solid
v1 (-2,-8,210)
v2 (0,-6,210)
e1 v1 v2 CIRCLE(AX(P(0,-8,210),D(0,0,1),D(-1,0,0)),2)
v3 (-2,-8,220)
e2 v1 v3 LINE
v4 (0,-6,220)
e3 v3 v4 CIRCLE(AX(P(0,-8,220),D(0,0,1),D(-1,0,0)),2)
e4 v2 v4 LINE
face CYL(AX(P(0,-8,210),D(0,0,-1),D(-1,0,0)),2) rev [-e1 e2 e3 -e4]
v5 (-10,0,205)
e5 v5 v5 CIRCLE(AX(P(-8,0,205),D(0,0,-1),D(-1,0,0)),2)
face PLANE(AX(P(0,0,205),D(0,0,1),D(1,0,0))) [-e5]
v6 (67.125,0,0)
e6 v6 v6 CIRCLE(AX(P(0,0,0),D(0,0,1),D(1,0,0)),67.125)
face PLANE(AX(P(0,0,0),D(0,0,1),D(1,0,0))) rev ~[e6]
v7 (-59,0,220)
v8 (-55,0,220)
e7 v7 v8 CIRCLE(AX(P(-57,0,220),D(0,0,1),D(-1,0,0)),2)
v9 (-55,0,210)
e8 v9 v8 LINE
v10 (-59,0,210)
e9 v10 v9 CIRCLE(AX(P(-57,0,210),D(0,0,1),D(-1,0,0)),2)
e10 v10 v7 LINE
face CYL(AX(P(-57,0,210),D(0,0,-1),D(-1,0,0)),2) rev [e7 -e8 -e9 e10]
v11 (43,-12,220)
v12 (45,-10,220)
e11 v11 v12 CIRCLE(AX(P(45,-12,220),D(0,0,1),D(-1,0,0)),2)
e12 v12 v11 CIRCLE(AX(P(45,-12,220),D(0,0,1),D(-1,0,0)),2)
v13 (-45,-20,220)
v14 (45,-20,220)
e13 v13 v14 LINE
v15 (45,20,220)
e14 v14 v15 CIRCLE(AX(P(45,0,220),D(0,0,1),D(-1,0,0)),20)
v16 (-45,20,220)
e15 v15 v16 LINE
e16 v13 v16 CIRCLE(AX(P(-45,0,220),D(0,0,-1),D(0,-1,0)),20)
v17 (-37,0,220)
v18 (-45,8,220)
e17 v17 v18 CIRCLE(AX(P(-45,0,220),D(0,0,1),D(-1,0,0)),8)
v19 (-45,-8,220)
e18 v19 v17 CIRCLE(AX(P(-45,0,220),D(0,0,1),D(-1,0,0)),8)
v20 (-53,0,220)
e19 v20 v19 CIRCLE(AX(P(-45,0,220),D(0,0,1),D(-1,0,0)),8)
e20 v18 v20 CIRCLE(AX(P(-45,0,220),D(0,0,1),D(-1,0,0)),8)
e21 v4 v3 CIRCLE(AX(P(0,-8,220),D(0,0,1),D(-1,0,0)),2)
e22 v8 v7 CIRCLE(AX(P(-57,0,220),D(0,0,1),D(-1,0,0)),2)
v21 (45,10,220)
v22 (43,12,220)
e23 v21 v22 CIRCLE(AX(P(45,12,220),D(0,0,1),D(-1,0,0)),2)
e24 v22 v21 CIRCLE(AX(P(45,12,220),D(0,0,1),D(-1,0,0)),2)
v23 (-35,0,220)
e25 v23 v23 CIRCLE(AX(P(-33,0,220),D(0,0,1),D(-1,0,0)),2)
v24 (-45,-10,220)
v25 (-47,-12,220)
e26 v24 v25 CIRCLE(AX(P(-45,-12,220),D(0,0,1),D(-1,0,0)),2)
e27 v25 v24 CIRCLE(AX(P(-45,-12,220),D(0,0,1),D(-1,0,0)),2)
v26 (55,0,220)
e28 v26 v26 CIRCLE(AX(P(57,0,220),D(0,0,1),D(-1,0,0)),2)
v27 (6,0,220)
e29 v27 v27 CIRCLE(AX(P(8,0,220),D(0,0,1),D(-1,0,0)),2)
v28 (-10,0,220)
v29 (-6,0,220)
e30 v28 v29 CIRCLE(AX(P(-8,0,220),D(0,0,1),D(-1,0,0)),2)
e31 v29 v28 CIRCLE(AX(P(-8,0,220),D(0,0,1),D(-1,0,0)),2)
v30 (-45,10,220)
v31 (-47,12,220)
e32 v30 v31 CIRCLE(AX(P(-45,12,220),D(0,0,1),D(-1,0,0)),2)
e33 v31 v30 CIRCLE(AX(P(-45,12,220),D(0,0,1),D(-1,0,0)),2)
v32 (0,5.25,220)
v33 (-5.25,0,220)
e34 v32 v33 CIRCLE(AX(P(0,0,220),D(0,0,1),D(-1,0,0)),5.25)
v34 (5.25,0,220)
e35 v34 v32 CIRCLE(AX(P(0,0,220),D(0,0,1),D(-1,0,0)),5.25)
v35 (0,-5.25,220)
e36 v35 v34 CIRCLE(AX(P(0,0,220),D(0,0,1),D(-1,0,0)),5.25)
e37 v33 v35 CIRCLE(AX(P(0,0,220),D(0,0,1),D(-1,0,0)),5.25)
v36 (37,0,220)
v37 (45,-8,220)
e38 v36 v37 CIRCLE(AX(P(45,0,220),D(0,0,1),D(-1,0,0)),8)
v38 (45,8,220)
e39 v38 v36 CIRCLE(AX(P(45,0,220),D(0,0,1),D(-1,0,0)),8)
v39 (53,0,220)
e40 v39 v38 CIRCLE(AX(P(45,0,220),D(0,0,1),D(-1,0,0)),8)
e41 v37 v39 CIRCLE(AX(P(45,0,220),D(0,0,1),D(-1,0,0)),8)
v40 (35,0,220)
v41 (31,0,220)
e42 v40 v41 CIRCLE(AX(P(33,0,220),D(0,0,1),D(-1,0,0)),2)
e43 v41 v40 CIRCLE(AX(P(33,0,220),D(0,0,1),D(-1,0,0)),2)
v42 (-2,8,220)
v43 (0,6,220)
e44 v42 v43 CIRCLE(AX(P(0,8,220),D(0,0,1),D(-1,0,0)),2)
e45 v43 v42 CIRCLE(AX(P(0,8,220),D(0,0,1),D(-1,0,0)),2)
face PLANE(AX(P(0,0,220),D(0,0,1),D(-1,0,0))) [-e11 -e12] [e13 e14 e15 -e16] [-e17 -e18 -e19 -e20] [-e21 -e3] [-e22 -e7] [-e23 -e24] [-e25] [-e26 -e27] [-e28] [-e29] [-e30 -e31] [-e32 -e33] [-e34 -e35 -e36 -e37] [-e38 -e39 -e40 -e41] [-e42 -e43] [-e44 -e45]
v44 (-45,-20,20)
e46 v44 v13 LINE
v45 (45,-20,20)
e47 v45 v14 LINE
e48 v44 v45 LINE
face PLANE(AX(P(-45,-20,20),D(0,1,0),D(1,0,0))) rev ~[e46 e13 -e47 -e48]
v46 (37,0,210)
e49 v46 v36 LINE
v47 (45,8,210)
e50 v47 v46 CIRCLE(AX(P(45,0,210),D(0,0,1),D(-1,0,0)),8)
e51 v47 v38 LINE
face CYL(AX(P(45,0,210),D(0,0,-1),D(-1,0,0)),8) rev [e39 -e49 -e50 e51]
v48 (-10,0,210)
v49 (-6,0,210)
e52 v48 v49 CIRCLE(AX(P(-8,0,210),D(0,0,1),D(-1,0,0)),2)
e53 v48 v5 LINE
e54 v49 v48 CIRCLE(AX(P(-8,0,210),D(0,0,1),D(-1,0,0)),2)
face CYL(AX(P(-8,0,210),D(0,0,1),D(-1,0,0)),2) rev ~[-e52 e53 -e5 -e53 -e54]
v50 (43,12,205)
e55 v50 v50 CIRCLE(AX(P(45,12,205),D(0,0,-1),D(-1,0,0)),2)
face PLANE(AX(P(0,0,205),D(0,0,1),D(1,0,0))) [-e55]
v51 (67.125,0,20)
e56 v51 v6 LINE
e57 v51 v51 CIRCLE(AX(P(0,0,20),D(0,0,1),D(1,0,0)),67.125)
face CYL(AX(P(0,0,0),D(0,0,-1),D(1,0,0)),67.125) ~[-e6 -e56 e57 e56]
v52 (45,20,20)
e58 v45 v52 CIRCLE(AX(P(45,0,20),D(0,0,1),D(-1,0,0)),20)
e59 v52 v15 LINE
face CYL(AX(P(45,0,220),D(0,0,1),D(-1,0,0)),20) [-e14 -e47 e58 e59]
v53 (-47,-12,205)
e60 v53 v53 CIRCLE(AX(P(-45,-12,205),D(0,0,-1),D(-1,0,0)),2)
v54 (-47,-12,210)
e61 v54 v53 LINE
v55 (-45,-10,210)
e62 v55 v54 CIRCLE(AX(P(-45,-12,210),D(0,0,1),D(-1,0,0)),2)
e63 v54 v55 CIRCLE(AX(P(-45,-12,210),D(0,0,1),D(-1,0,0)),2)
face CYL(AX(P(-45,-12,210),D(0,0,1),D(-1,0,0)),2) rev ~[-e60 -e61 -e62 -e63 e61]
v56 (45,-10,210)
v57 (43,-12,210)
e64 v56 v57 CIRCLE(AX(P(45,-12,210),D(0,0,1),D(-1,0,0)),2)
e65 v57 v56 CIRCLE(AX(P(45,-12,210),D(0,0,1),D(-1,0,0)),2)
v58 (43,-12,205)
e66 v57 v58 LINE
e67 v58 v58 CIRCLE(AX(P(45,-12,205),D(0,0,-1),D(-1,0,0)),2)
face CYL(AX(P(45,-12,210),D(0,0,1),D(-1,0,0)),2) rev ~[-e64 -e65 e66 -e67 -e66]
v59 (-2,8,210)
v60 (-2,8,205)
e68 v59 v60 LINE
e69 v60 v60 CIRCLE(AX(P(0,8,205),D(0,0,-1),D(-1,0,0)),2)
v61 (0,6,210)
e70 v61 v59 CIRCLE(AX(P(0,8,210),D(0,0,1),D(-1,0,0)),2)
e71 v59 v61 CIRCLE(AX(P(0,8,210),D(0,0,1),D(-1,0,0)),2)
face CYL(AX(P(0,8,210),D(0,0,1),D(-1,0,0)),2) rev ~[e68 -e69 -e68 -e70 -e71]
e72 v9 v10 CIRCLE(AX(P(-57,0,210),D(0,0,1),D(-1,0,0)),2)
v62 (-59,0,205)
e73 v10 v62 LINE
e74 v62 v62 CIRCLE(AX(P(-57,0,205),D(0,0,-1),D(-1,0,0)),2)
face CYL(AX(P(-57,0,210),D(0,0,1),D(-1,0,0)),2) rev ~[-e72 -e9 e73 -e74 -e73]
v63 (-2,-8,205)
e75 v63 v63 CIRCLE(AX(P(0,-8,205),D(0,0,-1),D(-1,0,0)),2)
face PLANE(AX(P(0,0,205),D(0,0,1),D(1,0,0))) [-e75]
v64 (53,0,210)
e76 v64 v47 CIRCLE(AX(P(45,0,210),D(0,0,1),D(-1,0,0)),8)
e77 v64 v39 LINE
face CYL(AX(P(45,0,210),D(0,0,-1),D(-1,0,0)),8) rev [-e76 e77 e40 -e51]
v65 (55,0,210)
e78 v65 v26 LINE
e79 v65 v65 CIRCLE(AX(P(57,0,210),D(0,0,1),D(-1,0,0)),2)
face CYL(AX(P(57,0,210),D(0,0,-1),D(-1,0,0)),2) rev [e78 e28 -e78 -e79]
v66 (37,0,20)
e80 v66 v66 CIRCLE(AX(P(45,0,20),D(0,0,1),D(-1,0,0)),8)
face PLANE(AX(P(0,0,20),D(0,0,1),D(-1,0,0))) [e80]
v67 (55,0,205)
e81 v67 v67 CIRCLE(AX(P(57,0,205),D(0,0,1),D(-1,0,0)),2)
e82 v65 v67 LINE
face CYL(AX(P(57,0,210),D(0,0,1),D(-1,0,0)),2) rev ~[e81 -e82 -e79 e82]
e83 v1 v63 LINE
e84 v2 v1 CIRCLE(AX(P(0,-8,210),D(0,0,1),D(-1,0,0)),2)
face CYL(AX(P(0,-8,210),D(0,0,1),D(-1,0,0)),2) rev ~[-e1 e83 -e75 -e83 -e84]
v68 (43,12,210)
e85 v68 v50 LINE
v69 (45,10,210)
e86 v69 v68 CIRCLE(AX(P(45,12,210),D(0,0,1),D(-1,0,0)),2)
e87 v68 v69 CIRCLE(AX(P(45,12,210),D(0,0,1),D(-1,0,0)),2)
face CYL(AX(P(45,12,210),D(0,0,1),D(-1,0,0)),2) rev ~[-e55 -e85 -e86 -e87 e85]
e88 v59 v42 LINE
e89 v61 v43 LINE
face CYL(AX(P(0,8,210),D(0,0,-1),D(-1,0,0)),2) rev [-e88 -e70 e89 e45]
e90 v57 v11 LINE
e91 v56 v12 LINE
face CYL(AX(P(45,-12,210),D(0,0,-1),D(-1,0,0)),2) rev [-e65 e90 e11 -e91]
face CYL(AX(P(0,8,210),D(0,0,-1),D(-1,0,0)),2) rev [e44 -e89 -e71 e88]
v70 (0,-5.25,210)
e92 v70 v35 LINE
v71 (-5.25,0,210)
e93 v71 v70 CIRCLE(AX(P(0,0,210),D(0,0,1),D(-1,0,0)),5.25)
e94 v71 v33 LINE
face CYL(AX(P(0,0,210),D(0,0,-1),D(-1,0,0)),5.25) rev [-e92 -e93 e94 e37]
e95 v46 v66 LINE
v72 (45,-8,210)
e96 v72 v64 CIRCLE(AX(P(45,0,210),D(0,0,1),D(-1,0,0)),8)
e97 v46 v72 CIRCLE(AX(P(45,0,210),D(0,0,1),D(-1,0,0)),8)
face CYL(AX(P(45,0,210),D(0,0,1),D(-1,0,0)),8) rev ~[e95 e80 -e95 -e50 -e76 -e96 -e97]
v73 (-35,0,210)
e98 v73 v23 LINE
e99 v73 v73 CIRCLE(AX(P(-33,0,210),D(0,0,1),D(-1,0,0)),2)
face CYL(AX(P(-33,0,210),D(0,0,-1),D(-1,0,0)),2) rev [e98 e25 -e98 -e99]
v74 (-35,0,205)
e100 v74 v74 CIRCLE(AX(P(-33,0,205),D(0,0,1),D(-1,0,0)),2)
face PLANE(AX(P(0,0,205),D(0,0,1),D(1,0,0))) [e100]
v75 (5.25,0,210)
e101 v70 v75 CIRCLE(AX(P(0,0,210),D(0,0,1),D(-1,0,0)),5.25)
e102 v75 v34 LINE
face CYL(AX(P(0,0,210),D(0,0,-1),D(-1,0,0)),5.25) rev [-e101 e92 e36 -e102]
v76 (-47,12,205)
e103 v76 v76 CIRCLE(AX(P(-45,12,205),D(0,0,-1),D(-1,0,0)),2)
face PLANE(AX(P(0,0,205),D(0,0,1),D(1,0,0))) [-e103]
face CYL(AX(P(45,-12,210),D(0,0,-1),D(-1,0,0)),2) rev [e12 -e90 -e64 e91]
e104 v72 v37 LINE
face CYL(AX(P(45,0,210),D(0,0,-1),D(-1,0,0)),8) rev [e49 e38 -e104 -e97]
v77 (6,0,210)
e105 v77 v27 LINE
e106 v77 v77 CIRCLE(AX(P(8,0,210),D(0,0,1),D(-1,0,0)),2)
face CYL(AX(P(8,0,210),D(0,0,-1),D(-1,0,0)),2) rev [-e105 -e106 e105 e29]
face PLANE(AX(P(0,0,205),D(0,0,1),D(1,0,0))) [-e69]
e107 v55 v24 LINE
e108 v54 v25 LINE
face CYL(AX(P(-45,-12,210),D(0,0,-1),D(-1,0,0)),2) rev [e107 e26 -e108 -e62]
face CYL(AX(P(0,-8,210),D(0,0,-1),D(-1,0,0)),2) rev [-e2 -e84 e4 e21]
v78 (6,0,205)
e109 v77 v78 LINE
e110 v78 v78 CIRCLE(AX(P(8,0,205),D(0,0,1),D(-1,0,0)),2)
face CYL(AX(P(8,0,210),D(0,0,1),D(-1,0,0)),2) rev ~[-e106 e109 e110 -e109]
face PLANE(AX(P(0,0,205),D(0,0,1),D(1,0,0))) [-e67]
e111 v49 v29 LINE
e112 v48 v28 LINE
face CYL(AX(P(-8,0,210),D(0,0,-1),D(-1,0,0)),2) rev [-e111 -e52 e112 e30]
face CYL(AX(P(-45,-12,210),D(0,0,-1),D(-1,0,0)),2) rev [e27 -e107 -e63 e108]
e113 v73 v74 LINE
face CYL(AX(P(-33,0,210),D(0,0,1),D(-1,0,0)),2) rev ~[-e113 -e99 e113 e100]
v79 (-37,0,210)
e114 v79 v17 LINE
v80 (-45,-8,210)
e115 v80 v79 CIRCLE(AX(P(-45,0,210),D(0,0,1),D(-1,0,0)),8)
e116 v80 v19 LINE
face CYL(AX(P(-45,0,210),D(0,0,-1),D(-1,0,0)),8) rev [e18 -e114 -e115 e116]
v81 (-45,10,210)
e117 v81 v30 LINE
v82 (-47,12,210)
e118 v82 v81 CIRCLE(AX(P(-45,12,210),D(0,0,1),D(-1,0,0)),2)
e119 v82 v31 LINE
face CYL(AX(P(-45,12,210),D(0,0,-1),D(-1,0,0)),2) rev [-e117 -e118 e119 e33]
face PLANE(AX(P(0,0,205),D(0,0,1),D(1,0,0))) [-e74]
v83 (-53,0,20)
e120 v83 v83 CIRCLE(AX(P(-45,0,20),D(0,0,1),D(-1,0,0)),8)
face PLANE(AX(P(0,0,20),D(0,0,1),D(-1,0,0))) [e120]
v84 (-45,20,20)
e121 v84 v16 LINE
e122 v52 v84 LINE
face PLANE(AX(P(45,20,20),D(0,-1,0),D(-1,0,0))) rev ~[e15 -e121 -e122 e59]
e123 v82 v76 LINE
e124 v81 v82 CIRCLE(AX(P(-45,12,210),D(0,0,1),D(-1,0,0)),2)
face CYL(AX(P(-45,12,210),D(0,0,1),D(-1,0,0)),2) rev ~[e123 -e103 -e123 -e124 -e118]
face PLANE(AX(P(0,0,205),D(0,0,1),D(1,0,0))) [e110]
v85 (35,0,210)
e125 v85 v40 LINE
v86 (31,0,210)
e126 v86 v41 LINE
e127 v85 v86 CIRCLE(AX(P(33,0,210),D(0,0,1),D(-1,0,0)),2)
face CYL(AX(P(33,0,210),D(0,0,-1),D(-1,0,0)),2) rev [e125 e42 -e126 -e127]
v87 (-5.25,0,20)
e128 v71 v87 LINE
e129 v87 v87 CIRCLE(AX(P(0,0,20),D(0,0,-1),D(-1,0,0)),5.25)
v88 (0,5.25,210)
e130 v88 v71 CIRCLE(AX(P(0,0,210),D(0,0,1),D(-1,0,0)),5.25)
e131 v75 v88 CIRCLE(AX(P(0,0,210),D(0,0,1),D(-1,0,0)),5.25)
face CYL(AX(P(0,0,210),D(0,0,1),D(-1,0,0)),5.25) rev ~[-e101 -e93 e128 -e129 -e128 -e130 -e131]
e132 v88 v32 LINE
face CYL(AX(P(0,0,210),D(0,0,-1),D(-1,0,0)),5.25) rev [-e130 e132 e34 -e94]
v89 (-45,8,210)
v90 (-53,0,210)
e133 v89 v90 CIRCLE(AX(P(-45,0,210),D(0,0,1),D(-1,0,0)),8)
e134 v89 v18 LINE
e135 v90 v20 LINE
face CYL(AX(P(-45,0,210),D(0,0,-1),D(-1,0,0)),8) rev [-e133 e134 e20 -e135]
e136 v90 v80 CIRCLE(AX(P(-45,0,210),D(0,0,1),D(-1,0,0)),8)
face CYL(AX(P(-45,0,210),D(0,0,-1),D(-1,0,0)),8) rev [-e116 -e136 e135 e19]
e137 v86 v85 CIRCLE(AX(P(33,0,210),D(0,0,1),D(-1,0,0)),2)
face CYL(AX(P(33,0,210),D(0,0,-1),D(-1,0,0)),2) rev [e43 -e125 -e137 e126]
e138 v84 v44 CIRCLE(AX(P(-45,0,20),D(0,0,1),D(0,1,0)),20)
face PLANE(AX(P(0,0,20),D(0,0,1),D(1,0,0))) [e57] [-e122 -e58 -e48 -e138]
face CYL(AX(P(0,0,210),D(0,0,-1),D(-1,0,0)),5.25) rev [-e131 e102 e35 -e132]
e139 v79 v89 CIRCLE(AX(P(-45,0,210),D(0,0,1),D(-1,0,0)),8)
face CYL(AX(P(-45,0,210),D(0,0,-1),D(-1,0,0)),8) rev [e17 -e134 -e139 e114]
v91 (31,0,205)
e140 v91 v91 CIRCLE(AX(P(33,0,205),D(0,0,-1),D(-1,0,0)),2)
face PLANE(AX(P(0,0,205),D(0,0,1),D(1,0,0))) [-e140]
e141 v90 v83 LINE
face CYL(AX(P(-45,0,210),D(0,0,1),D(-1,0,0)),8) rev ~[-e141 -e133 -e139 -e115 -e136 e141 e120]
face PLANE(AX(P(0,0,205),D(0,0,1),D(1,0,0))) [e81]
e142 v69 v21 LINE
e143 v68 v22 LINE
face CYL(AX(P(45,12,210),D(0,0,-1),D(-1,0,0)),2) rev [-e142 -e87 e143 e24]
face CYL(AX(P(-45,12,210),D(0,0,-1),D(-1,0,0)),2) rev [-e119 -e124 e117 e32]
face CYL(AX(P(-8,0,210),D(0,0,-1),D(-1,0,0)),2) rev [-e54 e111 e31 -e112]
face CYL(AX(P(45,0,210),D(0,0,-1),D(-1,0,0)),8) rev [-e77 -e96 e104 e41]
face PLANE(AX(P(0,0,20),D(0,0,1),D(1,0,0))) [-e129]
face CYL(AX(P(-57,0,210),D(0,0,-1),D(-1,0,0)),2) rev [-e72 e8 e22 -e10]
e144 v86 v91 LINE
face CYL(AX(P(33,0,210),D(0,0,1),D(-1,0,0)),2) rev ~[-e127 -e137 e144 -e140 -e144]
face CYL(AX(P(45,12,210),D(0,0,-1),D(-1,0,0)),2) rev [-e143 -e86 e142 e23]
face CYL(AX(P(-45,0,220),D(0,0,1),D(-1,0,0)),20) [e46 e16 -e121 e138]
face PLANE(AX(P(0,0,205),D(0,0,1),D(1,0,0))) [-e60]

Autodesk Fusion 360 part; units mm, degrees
sketch "Skizze1" plane through (0, 0, 0) normal (0, 0, 1) x (1, 0, 0)
  circle A0 centre (0, 0) radius 67.125
  dimension "d1" = 134.25
extrude "Extrusion1" add sketch "Skizze1" along normal blind 10
extrude "Extrusion2" add 1 faces at (20.1592, 3.4821, 10) along direction (0, 0, 1) blind 10
sketch "Skizze2" plane through (0, 0, 20) normal (0, 0, 1) x (-1, 0, 0)
  circle A0 centre (0, 0) radius 67.125
  line L0 (0, 0) -> (-60, 0)
  line L1 (-60, 0) -> (-60, -10)
  line L2 (-60, -10) -> (0, -10)
  line L3 (0, -10) -> (0, 0)
  line L4 (-60, 0) -> (0, 0)
  line L5 (0, 0) -> (0, 10)
  line L6 (0, 10) -> (-60, 10)
  line L7 (-60, 10) -> (-60, 0)
  line L8 (0, -10) -> (60, -10)
  line L9 (60, -10) -> (60, 10)
  line L10 (60, 10) -> (0, 10)
  line L11 (0, 10) -> (0, -10)
extrude "Extrusion3" add sketch "Skizze2" along normal blind 190 contours L0 L1 L2 L3 L4 L11 | L3 L5 L8 L9 L10 L11 | L0 L4 L5 L6 L7 L11
sketch "Skizze3" plane through (0, 0, 210) normal (0, 0, 1) x (-1, 0, 0)
  circle A0 centre (45, 0) radius 8
  circle A1 centre (-45, 0) radius 8
  dimension "d8" = 16
  dimension "d9" = 16
extrude "Extrusion4" add 1 faces at (-20, -10, 83.3333) along direction (0, -1, 0) blind 5
extrude "Extrusion5" add 1 faces at (20, 10, 83.3333) along direction (0, 1, 0) blind 5
sketch "Skizze4" plane through (0, 0, 210) normal (0, 0, 1) x (-1, 0, 0)
  circle A0 centre (0, 0) radius 5.25
  line L0 (0, 0) -> (-8, 0)
  line L1 (-8, 0) -> (0, 0)
  line L2 (0, 0) -> (8, 0)
  line L3 (0, 0) -> (0, 8)
  line L4 (0, 8) -> (0, -8)
  circle A1 centre (0, -8) radius 2
  circle A2 centre (8, 0) radius 2
  circle A3 centre (0, 8) radius 2
  circle A4 centre (-8, 0) radius 2
  line L5 (45, 0) -> (45, -12)
  line L6 (45, 0) -> (45, 12)
  line L7 (45, 12) -> (45, 0)
  line L8 (45, 0) -> (33, 0)
  line L9 (45, 0) -> (57, 0)
  line L10 (-45, 0) -> (-33, 0)
  line L11 (-33, 0) -> (-57, 0)
  line L12 (-45, 0) -> (-45, -12)
  line L13 (-45, -12) -> (-45, 12)
  circle A5 centre (-45, 0) radius 22.2036
  circle A6 centre (45, 0) radius 22.0227
  circle A7 centre (0, 0) radius 15
  circle A8 centre (-45, 12) radius 2
  circle A9 centre (-33, 0) radius 2
  circle A10 centre (-45, -12) radius 2
  circle A11 centre (-57, 0) radius 2
  circle A12 centre (45, -12) radius 2
  circle A13 centre (57, 0) radius 2
  circle A14 centre (45, 12) radius 2
  circle A15 centre (33, 0) radius 2
  dimension "d14" = 10.5
  dimension "d15" = 4
  dimension "d16" = 4
  dimension "d17" = 4
  dimension "d18" = 4
  dimension "d19" = 30
  dimension "d20" = 4
  dimension "d21" = 4
  dimension "d22" = 4
  dimension "d23" = 4
  dimension "d24" = 4
  dimension "d25" = 4
  dimension "d26" = 4
  dimension "d27" = 4
extrude "Extrusion6" cut 1 faces at (-20, -15, 83.3333) along direction (0, 1, 0) blind 30
extrude "Extrusion7" add sketch "Skizze4" sketch "Skizze3" against normal blind 190 of sketch 2 contours A0
sketch "Skizze5" plane through (0, 0, 210) normal (0, 0, 1) x (-1, 0, 0)
  circle A0 centre (45, 12) radius 2
  circle A1 centre (57, 0) radius 2
  circle A2 centre (45, -12) radius 2
  circle A3 centre (33, 0) radius 2
  circle A4 centre (45, 0) radius 22.0227
  circle A5 centre (45, 0) radius 8
  circle A6 centre (-45, 0) radius 8
  dimension "d32" = 16
  dimension "d33" = 16
extrude "Extrusion8" cut sketch "Skizze5" against normal blind 190 contours A5 | A6
extrude "Extrusion9" add 12 faces at (31.4364, 0.1671, 20) (46.386, -12.2526, 20) (46.386, 11.7474, 20) (57.8076, 0.4919, 20) (-0.4157, 8.5212, 20) (7.5843, -0.7199, 20) (0.9542, -8.597, 20) (-8.613, 0.4534, 20) (-34.1479, -0.5528, 20) (-43.614, -12.2526, 20) (-56.1924, 0.4919, 20) (-43.614, 11.7474, 20) along direction (0, 0, 1) blind 180
extrude "Extrusion10" add 3 faces at (38.0561, -11.8714, 210) (-7.5649, 5.256, 210) (-51.9063, -11.8242, 210) along direction (0, 0, 1) blind 10
extrude "Extrusion11" add 12 faces at (-56.1924, 0.4919, 200) (-43.614, 11.7474, 200) (-34.1479, -0.5528, 200) (-43.614, -12.2526, 200) (-0.4157, 8.5212, 200) (7.5843, -0.7199, 200) (0.9542, -8.597, 200) (-8.613, 0.4534, 200) (57.8076, 0.4919, 200) (46.386, 11.7474, 200) (31.4364, 0.1671, 200) (46.386, -12.2526, 200) along direction (0, 0, 1) blind 5
sketch "Skizze6" plane through (0, 0, 220) normal (0, 0, 1) x (-1, 0, 0)
  circle A0 centre (-45, 0) radius 8
  circle A1 centre (-33, 0) radius 2
  circle A2 centre (-57, 0) radius 2
  circle A3 centre (-45, -12) radius 2
  circle A4 centre (-45, 12) radius 2
  circle A5 centre (-45, 0) radius 22.2036
  circle A6 centre (45, 0) radius 20
  circle A7 centre (-45, 0) radius 20
  circle A8 centre (45, 0) radius 22.1359
  dimension "d42" = 40
  dimension "d43" = 40
extrude "Extrusion12" cut sketch "Skizze6" against normal blind 200 contours A5 | A8
sketch "Skizze7" plane through (0, 0, 0) normal (0, 0, -1) x (1, 0, 0)
  circle A0 centre (0, 0) radius 67.125
sketch "Skizze8" plane through (0, 0, 20) normal (0, 0, 1) x (-1, 0, 0)
  circle A0 centre (-45, 0) radius 20
  circle A1 centre (45, 0) radius 20
  circle A2 centre (0, 0) radius 67.125
  circle A3 centre (0, 0) radius 15
  line L0 (45, 20) -> (-45, 20)
  line L1 (-45, -20) -> (45, -20)
extrude "Extrusion13" add sketch "Skizze8" along normal up to surface (200 mm away) contours A0 A1 L0 L1
